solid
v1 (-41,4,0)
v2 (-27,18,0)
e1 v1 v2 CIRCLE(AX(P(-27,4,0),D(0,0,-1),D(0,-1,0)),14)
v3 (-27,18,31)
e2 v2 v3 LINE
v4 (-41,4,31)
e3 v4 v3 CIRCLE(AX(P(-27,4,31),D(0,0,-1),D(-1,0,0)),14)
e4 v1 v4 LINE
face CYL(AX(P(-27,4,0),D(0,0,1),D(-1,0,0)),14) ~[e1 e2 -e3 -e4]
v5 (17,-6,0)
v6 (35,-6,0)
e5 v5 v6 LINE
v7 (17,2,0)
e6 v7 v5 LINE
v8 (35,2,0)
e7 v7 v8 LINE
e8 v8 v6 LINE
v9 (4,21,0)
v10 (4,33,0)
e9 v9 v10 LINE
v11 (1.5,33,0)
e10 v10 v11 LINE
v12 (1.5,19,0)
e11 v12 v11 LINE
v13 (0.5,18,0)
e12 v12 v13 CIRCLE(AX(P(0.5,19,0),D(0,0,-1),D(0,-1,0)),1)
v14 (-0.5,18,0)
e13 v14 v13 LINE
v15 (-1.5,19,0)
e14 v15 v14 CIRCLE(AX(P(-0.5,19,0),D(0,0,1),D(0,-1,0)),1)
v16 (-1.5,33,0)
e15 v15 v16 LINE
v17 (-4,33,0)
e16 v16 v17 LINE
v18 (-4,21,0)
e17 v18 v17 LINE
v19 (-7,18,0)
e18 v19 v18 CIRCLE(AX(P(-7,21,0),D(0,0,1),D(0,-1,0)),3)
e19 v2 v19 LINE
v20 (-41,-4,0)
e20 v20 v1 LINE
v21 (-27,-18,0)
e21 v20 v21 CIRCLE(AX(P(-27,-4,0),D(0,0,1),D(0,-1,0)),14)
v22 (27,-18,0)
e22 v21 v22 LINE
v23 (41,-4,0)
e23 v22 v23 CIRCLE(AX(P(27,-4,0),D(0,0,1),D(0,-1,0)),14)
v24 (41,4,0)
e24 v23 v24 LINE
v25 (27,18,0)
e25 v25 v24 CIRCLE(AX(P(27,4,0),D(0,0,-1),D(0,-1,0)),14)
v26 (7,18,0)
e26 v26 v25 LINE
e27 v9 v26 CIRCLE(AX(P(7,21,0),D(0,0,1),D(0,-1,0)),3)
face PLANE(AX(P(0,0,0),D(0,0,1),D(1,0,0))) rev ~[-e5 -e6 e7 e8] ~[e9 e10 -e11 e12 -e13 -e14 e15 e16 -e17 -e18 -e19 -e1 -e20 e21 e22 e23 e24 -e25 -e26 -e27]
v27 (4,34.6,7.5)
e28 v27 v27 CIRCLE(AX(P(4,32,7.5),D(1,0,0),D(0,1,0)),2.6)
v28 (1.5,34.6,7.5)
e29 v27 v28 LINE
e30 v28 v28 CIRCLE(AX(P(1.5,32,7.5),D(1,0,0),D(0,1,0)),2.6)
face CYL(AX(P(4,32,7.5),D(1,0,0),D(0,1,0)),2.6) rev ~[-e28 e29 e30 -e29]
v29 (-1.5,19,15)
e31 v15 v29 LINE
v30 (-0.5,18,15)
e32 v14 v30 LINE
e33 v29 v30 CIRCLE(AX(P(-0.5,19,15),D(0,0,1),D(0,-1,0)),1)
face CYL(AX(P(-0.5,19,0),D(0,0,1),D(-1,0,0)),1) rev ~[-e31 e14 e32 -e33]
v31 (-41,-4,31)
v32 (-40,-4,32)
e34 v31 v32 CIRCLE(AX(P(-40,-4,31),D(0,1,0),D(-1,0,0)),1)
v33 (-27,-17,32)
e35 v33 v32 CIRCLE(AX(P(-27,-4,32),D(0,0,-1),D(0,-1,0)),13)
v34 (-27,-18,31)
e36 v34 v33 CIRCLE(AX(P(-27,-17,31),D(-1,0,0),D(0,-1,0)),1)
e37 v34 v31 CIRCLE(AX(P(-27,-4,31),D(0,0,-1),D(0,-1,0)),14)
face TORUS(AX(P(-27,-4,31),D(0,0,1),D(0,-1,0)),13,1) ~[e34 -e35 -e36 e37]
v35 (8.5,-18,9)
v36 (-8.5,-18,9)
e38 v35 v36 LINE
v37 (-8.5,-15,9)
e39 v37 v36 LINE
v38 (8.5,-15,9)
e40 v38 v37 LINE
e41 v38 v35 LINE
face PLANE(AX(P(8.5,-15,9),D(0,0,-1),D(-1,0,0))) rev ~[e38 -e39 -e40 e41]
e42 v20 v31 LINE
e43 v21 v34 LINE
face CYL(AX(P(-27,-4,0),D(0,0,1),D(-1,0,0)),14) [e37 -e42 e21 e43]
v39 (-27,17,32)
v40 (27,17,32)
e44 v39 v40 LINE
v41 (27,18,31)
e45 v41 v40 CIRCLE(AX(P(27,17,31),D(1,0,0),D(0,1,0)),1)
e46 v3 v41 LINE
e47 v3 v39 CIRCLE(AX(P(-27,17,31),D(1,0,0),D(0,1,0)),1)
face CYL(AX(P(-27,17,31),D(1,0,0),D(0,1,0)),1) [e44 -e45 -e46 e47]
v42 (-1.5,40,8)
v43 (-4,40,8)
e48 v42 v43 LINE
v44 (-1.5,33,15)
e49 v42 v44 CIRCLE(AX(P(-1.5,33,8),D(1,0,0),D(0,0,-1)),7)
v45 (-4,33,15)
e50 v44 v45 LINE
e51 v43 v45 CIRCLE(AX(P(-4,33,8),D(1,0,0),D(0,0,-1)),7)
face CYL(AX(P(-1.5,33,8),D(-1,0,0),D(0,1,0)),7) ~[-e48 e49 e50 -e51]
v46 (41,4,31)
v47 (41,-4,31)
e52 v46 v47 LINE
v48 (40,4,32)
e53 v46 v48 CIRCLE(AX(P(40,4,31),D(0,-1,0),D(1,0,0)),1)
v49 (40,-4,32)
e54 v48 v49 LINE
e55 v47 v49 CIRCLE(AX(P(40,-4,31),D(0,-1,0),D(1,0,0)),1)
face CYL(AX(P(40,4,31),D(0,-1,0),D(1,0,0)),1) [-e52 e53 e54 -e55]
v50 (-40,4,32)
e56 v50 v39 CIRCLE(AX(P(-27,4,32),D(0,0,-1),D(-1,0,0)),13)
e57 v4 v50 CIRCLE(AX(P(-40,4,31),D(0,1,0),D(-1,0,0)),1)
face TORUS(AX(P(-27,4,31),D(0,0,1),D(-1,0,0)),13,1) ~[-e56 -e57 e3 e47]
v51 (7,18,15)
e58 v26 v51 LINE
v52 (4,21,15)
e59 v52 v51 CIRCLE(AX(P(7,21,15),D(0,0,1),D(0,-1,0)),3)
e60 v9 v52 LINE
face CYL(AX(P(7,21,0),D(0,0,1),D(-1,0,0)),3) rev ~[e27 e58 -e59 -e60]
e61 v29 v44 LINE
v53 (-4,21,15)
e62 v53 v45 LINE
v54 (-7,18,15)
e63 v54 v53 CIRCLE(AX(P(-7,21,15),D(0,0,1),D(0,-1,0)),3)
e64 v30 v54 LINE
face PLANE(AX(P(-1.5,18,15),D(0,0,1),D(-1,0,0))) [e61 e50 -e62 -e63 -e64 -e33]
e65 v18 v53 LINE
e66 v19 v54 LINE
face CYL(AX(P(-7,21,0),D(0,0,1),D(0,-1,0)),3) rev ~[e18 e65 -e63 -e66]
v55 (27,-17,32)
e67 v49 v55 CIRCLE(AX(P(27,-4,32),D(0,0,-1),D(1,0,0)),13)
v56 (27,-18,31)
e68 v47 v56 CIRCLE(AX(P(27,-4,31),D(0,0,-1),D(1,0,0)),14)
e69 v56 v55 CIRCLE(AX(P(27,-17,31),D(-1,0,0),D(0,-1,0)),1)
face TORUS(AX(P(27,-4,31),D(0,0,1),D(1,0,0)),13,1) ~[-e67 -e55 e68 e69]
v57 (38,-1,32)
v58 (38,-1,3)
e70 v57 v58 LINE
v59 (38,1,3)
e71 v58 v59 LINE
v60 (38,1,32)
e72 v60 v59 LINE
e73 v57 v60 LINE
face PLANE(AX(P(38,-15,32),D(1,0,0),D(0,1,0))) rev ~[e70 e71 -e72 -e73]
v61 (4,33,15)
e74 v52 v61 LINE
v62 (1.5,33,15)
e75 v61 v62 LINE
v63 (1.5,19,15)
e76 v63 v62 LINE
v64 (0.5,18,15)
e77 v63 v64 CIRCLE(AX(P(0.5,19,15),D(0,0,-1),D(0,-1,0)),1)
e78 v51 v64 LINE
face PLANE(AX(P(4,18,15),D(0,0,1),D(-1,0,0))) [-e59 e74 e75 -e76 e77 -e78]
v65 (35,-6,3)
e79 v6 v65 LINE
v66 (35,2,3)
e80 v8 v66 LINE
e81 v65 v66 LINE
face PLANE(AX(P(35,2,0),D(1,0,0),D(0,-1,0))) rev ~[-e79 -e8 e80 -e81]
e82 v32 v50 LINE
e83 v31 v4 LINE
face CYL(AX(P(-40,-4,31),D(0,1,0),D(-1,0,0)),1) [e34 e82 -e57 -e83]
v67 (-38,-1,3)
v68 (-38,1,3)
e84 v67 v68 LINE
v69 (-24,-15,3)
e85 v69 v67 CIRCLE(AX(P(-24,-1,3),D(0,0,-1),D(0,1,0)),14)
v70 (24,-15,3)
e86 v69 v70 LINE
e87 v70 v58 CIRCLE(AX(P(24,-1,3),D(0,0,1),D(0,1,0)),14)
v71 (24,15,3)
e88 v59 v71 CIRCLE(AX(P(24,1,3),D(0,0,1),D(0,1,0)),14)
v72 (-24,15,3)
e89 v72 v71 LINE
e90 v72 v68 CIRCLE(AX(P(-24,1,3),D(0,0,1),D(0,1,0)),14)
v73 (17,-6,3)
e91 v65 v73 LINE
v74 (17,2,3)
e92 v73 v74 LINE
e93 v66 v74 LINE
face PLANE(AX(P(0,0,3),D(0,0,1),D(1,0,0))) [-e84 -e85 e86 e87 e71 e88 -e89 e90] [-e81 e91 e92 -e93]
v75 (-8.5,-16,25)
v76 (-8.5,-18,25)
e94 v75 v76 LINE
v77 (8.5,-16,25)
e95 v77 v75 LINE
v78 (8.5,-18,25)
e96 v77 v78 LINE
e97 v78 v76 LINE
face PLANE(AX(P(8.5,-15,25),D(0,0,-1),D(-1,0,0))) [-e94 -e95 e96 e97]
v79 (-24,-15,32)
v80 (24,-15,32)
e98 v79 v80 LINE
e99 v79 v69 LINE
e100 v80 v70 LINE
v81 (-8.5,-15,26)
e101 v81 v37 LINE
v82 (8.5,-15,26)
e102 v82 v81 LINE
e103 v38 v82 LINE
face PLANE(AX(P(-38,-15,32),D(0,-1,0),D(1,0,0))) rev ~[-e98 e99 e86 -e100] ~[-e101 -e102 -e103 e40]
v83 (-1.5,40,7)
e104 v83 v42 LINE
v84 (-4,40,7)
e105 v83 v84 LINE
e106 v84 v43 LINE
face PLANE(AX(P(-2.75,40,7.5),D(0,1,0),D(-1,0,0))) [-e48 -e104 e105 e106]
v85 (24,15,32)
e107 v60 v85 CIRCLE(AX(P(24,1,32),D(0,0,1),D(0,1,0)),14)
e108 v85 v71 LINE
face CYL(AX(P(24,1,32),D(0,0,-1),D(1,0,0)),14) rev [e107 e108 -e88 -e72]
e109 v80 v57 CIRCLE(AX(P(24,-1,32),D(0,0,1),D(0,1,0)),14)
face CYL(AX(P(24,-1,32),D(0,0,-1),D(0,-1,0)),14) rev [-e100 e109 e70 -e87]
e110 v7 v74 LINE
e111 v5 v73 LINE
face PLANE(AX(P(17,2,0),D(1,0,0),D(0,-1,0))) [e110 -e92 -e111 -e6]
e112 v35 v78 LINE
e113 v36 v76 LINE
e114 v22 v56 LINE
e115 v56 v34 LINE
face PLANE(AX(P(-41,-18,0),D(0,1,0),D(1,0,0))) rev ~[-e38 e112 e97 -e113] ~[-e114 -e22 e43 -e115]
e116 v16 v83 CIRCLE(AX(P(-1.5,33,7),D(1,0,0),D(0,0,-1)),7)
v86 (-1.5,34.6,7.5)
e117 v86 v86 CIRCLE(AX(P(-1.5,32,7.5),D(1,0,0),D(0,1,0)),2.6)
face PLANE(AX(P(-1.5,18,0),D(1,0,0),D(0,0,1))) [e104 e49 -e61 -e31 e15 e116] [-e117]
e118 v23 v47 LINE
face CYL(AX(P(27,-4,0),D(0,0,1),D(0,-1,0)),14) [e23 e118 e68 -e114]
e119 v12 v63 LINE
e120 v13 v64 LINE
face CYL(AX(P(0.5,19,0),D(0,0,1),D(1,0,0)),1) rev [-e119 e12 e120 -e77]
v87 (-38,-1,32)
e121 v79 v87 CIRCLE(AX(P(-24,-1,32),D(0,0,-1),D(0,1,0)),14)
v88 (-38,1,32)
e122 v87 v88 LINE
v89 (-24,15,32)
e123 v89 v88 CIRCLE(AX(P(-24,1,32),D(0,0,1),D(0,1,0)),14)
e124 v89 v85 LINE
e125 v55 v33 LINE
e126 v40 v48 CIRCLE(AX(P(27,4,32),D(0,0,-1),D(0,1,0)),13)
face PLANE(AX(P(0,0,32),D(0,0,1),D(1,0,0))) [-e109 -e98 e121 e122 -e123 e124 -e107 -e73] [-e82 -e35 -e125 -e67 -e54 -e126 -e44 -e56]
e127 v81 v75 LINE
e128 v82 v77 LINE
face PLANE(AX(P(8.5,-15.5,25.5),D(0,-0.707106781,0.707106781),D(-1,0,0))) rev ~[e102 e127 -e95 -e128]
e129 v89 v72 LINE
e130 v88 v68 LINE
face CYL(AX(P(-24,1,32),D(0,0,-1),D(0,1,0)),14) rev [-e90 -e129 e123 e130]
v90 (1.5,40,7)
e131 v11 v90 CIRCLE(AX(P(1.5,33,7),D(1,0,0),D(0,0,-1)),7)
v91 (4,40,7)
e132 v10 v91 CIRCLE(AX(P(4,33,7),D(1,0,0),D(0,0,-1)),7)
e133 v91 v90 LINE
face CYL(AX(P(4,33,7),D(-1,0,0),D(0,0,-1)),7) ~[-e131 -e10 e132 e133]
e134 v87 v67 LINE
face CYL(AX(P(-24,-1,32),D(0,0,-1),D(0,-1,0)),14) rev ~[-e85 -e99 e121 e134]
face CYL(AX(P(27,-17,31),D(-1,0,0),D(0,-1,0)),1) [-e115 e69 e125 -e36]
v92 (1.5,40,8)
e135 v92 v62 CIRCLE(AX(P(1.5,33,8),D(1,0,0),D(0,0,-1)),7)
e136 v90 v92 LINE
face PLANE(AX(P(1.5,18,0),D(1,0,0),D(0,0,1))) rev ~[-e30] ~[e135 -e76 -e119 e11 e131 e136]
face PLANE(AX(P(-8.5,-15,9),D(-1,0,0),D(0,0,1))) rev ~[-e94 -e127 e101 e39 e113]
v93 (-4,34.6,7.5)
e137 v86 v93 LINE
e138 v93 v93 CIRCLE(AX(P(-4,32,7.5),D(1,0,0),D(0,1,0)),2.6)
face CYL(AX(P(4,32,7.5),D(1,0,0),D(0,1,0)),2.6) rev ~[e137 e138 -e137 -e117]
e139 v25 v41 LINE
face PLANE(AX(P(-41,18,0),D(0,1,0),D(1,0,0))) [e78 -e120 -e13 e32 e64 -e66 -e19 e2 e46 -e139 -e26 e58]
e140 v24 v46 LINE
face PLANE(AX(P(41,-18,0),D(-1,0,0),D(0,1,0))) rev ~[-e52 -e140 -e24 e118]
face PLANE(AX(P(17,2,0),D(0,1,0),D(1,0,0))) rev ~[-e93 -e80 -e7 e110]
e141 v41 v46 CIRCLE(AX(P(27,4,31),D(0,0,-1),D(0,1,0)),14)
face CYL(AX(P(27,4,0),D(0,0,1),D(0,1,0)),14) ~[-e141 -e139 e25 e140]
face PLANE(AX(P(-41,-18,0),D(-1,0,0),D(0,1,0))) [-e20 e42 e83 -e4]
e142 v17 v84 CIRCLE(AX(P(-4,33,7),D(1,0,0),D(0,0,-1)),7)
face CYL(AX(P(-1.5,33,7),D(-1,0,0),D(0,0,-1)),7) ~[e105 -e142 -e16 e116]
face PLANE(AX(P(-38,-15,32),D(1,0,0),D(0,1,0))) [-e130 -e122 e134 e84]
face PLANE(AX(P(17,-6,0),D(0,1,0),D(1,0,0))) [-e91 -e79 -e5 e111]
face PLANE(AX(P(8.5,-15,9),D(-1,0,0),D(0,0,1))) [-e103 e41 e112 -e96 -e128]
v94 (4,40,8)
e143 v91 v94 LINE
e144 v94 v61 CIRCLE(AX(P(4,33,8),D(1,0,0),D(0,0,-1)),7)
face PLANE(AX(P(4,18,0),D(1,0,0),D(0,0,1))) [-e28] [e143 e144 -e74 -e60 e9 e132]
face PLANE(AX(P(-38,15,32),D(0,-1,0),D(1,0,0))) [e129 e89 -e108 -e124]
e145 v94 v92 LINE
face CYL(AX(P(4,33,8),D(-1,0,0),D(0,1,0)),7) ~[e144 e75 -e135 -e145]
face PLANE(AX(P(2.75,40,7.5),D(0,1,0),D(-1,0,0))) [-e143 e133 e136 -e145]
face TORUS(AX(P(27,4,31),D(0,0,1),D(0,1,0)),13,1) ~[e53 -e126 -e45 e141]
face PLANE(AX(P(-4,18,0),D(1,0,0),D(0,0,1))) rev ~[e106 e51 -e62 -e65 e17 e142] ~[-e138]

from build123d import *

# Parameters (mm, degrees)
SKETCH_W        = 82
SKETCH_H        = 36
PAD_DEPTH       = 32
SKETCH001_W     = 76
SKETCH001_H     = 30
POCKET_DEPTH    = 29
FILLET_R        = 14
SKETCH002_W     = 17
SKETCH002_H     = 16
POCKET001_DEPTH = 8
SKETCH003_W     = 18
SKETCH003_H     = 8
POCKET002_DEPTH = 5
SKETCH004_W     = 2.5
SKETCH004_H     = 15
PAD001_DEPTH    = 22
SKETCH005_R     = 2.6
POCKET003_DEPTH = 12
FILLET001_R     = 1
FILLET002_R     = 7
FILLET003_R     = 3
FILLET004_R     = 1
CHAMFER_SIZE    = 1


with BuildPart() as part:
    # Sketch → Pad (new body)
    with BuildSketch(Plane.XY):
        Rectangle(SKETCH_W, SKETCH_H)
    extrude(amount=PAD_DEPTH)

    # Sketch001 (on Face6 of Pad) → Pocket (cut)
    with BuildSketch(Plane.XY.offset(32)):
        Rectangle(SKETCH001_W, SKETCH001_H)
    extrude(amount=-POCKET_DEPTH, mode=Mode.SUBTRACT)

    # Fillet
    fillet_edges = [part.edges().sort_by_distance(p)[0] for p in [
        (-41, 18, 16),
        (-38, 15, 17.5),
        (-41, -18, 16),
        (-38, -15, 17.5),
        (41, 18, 16),
        (38, 15, 17.5),
        (41, -18, 16),
        (38, -15, 17.5),
    ]]
    fillet(fillet_edges, radius=FILLET_R)

    # Sketch002 → Pocket001 (cut)
    with BuildSketch(Plane(origin=(0, -15, 0), x_dir=(-1, 0, 0), z_dir=(0, 1, 0))):
        with Locations((0, 17)):
            Rectangle(SKETCH002_W, SKETCH002_H)
    extrude(amount=-POCKET001_DEPTH, mode=Mode.SUBTRACT)

    # Sketch003 (on Face2 of Pocket001) → Pocket002 (cut)
    with BuildSketch(Plane(origin=(0, 0, 0), x_dir=(1, 0, 0), z_dir=(0, 0, -1))):
        with Locations((26, 2)):
            Rectangle(SKETCH003_W, SKETCH003_H)
    extrude(amount=-POCKET002_DEPTH, mode=Mode.SUBTRACT)

    # Sketch004 (on Face1 of Pocket002) → Pad001 (join)
    with BuildSketch(Plane(origin=(0, 18, 0), x_dir=(-1, 0, 0), z_dir=(0, 1, 0))):
        with Locations((2.75, 7.5)):
            Rectangle(SKETCH004_W, SKETCH004_H)
        with Locations((-2.75, 7.5)):
            Rectangle(SKETCH004_W, SKETCH004_H)
    extrude(amount=PAD001_DEPTH)

    # Sketch005 (on Face8 of Pad001) → Pocket003 (cut)
    with BuildSketch(Plane.YZ.offset(4)):
        with Locations((32, 7.5)):
            Circle(SKETCH005_R)
    extrude(amount=-POCKET003_DEPTH, mode=Mode.SUBTRACT)

    # Fillet001
    fillet001_edges = [part.edges().sort_by_distance(p)[0] for p in [
        (-36.899495, 13.899495, 32),
        (-41, 0, 32),
        (-36.899495, -13.899495, 32),
        (0, -18, 32),
        (36.899495, -13.899495, 32),
        (41, 0, 32),
        (36.899495, 13.899495, 32),
        (0, 18, 32),
    ]]
    fillet(fillet001_edges, radius=FILLET001_R)

    # Fillet002
    fillet002_edges = [part.edges().sort_by_distance(p)[0] for p in [
        (-2.75, 40, 15),
        (2.75, 40, 15),
        (-2.75, 40, 0),
        (2.75, 40, 0),
    ]]
    fillet(fillet002_edges, radius=FILLET002_R)

    # Fillet003
    fillet003_edges = [part.edges().sort_by_distance(p)[0] for p in [
        (4, 18, 7.5),
        (-4, 18, 7.5),
    ]]
    fillet(fillet003_edges, radius=FILLET003_R)

    # Fillet004
    fillet004_edges = [part.edges().sort_by_distance(p)[0] for p in [
        (-1.5, 18, 7.5),
        (1.5, 18, 7.5),
    ]]
    fillet(fillet004_edges, radius=FILLET004_R)

    # Chamfer
    chamfer_edges = [part.edges().sort_by_distance(p)[0] for p in [
        (0, -15, 25),
    ]]
    chamfer(chamfer_edges, length=CHAMFER_SIZE)


solid = part.part
